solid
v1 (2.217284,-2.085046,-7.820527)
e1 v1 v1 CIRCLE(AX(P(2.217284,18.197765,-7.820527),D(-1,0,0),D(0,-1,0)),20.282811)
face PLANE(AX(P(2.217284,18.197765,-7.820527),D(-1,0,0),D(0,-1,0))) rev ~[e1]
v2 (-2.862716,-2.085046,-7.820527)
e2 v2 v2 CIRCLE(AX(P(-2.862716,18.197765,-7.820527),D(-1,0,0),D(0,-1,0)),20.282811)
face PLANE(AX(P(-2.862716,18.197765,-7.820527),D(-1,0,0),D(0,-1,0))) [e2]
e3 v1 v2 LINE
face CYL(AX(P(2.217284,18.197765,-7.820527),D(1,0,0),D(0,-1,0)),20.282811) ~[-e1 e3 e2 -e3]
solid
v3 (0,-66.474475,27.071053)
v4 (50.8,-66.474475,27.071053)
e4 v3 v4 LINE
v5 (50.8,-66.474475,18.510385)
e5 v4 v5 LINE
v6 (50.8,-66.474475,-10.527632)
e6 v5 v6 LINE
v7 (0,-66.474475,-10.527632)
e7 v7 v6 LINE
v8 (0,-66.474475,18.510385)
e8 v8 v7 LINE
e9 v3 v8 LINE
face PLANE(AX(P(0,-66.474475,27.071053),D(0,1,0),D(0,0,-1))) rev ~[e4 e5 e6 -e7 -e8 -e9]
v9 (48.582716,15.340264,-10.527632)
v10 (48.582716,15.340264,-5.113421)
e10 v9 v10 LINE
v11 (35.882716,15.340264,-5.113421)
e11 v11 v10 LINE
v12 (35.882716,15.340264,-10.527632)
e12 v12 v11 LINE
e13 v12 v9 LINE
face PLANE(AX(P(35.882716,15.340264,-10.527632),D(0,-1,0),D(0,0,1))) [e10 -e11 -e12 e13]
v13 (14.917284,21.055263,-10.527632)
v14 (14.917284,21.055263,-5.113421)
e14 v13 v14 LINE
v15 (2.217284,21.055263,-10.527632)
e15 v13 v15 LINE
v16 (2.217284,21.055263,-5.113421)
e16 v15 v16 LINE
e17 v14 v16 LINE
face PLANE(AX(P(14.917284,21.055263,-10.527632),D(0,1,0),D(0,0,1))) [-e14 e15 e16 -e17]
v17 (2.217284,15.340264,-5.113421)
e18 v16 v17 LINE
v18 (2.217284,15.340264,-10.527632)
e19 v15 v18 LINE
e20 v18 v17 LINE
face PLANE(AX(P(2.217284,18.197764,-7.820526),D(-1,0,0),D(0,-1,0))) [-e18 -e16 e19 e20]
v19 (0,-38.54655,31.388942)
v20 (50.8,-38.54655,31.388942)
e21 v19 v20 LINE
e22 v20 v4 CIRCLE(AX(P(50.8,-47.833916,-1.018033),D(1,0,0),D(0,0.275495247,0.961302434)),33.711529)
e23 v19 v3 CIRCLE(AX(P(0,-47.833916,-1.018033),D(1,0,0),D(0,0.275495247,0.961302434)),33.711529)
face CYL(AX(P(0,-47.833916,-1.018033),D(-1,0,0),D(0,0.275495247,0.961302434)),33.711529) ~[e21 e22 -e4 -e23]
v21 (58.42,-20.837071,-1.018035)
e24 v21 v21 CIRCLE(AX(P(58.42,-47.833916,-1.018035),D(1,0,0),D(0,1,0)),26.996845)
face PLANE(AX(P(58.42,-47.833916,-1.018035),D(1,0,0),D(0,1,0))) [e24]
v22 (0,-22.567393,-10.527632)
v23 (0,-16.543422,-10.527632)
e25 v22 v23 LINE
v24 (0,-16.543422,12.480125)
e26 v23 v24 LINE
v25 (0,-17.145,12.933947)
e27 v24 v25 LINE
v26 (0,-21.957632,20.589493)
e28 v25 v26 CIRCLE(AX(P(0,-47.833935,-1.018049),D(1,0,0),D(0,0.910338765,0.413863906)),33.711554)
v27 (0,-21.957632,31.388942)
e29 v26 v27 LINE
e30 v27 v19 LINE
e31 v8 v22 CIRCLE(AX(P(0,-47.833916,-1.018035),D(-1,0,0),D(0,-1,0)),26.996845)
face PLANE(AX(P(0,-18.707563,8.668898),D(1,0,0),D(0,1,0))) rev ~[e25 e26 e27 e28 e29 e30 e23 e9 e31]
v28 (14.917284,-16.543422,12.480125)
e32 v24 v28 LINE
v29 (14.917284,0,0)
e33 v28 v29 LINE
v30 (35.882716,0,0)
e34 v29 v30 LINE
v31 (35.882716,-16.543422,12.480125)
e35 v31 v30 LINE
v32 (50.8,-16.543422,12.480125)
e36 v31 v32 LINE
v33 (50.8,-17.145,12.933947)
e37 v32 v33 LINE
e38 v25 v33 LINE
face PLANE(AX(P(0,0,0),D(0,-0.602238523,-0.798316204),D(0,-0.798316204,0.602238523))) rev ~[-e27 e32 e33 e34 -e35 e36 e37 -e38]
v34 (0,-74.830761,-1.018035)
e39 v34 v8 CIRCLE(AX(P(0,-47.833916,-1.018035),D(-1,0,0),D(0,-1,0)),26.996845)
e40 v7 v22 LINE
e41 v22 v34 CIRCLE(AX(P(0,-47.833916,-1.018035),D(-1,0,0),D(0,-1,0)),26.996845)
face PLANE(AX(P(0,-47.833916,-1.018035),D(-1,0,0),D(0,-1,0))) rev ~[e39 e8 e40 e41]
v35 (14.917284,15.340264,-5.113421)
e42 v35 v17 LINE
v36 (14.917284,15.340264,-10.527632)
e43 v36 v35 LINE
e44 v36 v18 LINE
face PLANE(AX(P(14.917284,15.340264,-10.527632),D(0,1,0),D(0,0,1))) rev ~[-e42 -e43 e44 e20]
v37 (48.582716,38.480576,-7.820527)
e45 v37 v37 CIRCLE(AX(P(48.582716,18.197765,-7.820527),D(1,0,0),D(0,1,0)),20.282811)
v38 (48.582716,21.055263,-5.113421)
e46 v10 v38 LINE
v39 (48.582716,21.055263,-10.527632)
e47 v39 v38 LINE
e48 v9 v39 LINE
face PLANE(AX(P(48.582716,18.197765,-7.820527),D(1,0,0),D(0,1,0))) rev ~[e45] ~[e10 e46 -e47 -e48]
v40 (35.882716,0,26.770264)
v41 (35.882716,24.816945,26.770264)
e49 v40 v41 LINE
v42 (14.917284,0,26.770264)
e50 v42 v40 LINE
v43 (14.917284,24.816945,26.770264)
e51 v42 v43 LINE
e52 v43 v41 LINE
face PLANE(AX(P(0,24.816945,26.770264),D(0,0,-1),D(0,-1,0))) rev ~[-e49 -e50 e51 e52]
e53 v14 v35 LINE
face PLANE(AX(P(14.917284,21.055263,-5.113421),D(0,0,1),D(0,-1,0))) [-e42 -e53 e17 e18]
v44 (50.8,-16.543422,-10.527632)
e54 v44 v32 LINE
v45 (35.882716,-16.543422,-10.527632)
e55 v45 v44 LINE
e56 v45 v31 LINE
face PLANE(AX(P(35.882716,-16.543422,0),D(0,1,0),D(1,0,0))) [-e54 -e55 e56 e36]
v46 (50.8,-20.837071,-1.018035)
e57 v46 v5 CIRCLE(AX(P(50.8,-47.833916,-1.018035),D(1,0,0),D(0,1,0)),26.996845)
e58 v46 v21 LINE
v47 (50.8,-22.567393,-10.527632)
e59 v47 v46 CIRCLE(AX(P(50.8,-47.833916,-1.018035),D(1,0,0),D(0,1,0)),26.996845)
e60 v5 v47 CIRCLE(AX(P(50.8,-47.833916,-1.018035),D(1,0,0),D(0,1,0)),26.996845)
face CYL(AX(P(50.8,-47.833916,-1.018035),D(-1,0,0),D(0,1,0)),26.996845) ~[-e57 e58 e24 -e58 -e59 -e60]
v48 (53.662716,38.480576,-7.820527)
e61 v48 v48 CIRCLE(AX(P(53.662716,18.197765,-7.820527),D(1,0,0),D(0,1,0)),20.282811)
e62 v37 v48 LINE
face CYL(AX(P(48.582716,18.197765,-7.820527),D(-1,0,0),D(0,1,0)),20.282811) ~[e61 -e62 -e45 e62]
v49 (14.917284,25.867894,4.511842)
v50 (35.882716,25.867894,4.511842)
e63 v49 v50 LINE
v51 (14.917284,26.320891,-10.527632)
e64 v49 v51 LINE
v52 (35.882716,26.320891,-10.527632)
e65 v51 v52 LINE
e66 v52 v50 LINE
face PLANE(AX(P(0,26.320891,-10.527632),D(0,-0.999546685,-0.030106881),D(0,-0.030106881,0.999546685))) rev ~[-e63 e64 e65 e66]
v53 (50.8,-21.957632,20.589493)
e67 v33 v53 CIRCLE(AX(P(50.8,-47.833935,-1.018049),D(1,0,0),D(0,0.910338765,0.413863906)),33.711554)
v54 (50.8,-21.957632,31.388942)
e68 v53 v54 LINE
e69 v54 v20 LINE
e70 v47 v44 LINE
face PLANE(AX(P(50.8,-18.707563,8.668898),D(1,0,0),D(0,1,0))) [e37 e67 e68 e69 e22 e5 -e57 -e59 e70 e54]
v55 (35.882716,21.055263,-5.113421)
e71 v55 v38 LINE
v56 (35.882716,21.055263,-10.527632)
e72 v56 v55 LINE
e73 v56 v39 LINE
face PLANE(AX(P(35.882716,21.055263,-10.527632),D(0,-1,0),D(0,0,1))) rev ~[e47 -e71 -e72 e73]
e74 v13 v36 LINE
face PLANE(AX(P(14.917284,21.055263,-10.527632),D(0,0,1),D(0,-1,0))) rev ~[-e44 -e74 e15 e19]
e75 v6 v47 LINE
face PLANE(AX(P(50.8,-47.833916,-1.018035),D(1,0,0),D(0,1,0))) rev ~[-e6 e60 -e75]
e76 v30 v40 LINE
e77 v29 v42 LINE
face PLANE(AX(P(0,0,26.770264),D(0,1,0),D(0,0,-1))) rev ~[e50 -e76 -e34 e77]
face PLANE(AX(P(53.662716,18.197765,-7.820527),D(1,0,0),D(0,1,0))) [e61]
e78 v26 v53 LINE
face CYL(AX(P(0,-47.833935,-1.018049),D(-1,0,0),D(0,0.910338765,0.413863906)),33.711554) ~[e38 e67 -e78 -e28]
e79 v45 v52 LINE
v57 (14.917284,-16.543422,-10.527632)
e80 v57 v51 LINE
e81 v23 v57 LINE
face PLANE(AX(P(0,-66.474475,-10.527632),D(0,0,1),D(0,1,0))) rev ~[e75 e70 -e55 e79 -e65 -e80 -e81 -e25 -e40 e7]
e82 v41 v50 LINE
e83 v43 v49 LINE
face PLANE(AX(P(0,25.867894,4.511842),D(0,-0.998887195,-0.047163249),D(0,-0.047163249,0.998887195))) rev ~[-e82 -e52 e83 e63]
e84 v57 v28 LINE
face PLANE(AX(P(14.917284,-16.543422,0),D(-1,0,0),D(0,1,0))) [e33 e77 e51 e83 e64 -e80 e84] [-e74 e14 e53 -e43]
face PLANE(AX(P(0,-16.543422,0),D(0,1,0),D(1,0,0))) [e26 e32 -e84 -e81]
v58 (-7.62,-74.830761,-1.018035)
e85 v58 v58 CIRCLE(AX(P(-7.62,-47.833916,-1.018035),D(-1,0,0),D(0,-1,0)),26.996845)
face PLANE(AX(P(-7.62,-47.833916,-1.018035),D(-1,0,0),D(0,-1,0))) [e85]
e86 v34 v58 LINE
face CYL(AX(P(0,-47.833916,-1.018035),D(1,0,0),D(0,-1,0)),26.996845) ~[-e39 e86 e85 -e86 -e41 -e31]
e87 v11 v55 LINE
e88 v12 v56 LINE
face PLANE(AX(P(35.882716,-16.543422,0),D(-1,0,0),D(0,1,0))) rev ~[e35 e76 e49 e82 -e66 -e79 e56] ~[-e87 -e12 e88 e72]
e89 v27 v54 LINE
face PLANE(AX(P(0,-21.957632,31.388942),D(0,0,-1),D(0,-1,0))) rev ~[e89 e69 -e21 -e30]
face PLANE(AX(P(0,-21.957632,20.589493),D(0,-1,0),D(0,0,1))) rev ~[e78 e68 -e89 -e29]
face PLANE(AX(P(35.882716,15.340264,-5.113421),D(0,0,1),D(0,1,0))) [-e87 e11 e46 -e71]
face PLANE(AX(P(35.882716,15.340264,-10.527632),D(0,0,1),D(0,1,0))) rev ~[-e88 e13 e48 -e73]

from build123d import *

# Parameters (mm, degrees)
F1_DEPTH  = 50.8
F2_W      = 14.917284
F2_H      = 53.841317
F3_DEPTH  = 32.694496
F4_DEPTH  = 10.528632
F5_R      = 26.996845
F6_DEPTH  = 7.62
F7_R      = 26.996845
F8_DEPTH  = 7.62
F9_W      = 5.714999
F9_H      = 5.414211
F10_DEPTH = 12.7
F11_W     = 5.714999
F11_H     = 5.414211
F12_DEPTH = 12.7
F13_R     = 20.282811
F14_DEPTH = 5.08
F15_R     = 20.282811
F16_DEPTH = 5.08


with BuildPart() as f1:
    # F0 (on Right) → F1 (new body)
    with BuildSketch(Plane.YZ):
        with BuildLine():
            Line((0, 0), (-17.145, 12.933947))
            ThreePointArc((-17.145, 12.933947), (-19.293466, 16.923817), (-21.957632, 20.589493))
            Line((-21.957632, 20.589493), (-21.957632, 31.388942))
            Line((-21.957632, 31.388942), (-38.54655, 31.388942))
            ThreePointArc((-38.54655, 31.388942), (-52.984799, 32.297663), (-66.474475, 27.071053))
            Line((-66.474475, 27.071053), (-66.474475, -10.527632))
            Line((-66.474475, -10.527632), (26.320891, -10.527632))
            Line((26.320891, -10.527632), (25.867894, 4.511842))
            Line((25.867894, 4.511842), (24.816945, 26.770264))
            Line((24.816945, 26.770264), (0, 26.770264))
            Line((0, 26.770264), (0, 0))
        make_face()
    extrude(amount=F1_DEPTH)

    # F2 (on Top) → F3 (cut, through all)
    with BuildSketch(Plane.XY):
        with Locations((7.458642, 10.377236)):
            Rectangle(F2_W, F2_H)
        with Locations((43.341358, 10.377236)):
            Rectangle(F2_W, F2_H)
    extrude(amount=F3_DEPTH, mode=Mode.SUBTRACT)

    # F2 (on Top) → F4 (cut, through all)
    with BuildSketch(Plane.XY):
        with Locations((7.458642, 10.377236)):
            Rectangle(F2_W, F2_H)
        with Locations((43.341358, 10.377236)):
            Rectangle(F2_W, F2_H)
    extrude(amount=-F4_DEPTH, mode=Mode.SUBTRACT)

    # F5 (on face) → F6 (join)
    with BuildSketch(Plane.YZ.offset(50.8)):
        with Locations((-47.833916, -1.018035)):
            Circle(F5_R)
    extrude(amount=F6_DEPTH)

    # F7 (on face) → F8 (join)
    with BuildSketch(Plane(origin=(0, 0, 0), x_dir=(0, -1, 0), z_dir=(-1, 0, 0))):
        with Locations((47.833916, -1.018035)):
            Circle(F7_R)
    extrude(amount=F8_DEPTH)

    # F9 (on face) → F10 (join)
    with BuildSketch(Plane.YZ.offset(35.882716)):
        with Locations((18.197764, -7.820526)):
            Rectangle(F9_W, F9_H)
    extrude(amount=F10_DEPTH)

    # F11 (on face) → F12 (join)
    with BuildSketch(Plane(origin=(14.917284, 0, 0), x_dir=(0, -1, 0), z_dir=(-1, 0, 0))):
        with Locations((-18.197764, -7.820526)):
            Rectangle(F11_W, F11_H)
    extrude(amount=F12_DEPTH)

    # F15 (on face) → F16 (join)
    with BuildSketch(Plane.YZ.offset(48.582716)):
        with Locations((18.197765, -7.820527)):
            Circle(F15_R)
    extrude(amount=F16_DEPTH)


with BuildPart() as f14:
    # F13 (on face) → F14 (new body)
    with BuildSketch(Plane(origin=(2.217284, 0, 0), x_dir=(0, -1, 0), z_dir=(-1, 0, 0))):
        with Locations((-18.197765, -7.820527)):
            Circle(F13_R)
    extrude(amount=F14_DEPTH)


solid = Compound([f1.part, f14.part])
